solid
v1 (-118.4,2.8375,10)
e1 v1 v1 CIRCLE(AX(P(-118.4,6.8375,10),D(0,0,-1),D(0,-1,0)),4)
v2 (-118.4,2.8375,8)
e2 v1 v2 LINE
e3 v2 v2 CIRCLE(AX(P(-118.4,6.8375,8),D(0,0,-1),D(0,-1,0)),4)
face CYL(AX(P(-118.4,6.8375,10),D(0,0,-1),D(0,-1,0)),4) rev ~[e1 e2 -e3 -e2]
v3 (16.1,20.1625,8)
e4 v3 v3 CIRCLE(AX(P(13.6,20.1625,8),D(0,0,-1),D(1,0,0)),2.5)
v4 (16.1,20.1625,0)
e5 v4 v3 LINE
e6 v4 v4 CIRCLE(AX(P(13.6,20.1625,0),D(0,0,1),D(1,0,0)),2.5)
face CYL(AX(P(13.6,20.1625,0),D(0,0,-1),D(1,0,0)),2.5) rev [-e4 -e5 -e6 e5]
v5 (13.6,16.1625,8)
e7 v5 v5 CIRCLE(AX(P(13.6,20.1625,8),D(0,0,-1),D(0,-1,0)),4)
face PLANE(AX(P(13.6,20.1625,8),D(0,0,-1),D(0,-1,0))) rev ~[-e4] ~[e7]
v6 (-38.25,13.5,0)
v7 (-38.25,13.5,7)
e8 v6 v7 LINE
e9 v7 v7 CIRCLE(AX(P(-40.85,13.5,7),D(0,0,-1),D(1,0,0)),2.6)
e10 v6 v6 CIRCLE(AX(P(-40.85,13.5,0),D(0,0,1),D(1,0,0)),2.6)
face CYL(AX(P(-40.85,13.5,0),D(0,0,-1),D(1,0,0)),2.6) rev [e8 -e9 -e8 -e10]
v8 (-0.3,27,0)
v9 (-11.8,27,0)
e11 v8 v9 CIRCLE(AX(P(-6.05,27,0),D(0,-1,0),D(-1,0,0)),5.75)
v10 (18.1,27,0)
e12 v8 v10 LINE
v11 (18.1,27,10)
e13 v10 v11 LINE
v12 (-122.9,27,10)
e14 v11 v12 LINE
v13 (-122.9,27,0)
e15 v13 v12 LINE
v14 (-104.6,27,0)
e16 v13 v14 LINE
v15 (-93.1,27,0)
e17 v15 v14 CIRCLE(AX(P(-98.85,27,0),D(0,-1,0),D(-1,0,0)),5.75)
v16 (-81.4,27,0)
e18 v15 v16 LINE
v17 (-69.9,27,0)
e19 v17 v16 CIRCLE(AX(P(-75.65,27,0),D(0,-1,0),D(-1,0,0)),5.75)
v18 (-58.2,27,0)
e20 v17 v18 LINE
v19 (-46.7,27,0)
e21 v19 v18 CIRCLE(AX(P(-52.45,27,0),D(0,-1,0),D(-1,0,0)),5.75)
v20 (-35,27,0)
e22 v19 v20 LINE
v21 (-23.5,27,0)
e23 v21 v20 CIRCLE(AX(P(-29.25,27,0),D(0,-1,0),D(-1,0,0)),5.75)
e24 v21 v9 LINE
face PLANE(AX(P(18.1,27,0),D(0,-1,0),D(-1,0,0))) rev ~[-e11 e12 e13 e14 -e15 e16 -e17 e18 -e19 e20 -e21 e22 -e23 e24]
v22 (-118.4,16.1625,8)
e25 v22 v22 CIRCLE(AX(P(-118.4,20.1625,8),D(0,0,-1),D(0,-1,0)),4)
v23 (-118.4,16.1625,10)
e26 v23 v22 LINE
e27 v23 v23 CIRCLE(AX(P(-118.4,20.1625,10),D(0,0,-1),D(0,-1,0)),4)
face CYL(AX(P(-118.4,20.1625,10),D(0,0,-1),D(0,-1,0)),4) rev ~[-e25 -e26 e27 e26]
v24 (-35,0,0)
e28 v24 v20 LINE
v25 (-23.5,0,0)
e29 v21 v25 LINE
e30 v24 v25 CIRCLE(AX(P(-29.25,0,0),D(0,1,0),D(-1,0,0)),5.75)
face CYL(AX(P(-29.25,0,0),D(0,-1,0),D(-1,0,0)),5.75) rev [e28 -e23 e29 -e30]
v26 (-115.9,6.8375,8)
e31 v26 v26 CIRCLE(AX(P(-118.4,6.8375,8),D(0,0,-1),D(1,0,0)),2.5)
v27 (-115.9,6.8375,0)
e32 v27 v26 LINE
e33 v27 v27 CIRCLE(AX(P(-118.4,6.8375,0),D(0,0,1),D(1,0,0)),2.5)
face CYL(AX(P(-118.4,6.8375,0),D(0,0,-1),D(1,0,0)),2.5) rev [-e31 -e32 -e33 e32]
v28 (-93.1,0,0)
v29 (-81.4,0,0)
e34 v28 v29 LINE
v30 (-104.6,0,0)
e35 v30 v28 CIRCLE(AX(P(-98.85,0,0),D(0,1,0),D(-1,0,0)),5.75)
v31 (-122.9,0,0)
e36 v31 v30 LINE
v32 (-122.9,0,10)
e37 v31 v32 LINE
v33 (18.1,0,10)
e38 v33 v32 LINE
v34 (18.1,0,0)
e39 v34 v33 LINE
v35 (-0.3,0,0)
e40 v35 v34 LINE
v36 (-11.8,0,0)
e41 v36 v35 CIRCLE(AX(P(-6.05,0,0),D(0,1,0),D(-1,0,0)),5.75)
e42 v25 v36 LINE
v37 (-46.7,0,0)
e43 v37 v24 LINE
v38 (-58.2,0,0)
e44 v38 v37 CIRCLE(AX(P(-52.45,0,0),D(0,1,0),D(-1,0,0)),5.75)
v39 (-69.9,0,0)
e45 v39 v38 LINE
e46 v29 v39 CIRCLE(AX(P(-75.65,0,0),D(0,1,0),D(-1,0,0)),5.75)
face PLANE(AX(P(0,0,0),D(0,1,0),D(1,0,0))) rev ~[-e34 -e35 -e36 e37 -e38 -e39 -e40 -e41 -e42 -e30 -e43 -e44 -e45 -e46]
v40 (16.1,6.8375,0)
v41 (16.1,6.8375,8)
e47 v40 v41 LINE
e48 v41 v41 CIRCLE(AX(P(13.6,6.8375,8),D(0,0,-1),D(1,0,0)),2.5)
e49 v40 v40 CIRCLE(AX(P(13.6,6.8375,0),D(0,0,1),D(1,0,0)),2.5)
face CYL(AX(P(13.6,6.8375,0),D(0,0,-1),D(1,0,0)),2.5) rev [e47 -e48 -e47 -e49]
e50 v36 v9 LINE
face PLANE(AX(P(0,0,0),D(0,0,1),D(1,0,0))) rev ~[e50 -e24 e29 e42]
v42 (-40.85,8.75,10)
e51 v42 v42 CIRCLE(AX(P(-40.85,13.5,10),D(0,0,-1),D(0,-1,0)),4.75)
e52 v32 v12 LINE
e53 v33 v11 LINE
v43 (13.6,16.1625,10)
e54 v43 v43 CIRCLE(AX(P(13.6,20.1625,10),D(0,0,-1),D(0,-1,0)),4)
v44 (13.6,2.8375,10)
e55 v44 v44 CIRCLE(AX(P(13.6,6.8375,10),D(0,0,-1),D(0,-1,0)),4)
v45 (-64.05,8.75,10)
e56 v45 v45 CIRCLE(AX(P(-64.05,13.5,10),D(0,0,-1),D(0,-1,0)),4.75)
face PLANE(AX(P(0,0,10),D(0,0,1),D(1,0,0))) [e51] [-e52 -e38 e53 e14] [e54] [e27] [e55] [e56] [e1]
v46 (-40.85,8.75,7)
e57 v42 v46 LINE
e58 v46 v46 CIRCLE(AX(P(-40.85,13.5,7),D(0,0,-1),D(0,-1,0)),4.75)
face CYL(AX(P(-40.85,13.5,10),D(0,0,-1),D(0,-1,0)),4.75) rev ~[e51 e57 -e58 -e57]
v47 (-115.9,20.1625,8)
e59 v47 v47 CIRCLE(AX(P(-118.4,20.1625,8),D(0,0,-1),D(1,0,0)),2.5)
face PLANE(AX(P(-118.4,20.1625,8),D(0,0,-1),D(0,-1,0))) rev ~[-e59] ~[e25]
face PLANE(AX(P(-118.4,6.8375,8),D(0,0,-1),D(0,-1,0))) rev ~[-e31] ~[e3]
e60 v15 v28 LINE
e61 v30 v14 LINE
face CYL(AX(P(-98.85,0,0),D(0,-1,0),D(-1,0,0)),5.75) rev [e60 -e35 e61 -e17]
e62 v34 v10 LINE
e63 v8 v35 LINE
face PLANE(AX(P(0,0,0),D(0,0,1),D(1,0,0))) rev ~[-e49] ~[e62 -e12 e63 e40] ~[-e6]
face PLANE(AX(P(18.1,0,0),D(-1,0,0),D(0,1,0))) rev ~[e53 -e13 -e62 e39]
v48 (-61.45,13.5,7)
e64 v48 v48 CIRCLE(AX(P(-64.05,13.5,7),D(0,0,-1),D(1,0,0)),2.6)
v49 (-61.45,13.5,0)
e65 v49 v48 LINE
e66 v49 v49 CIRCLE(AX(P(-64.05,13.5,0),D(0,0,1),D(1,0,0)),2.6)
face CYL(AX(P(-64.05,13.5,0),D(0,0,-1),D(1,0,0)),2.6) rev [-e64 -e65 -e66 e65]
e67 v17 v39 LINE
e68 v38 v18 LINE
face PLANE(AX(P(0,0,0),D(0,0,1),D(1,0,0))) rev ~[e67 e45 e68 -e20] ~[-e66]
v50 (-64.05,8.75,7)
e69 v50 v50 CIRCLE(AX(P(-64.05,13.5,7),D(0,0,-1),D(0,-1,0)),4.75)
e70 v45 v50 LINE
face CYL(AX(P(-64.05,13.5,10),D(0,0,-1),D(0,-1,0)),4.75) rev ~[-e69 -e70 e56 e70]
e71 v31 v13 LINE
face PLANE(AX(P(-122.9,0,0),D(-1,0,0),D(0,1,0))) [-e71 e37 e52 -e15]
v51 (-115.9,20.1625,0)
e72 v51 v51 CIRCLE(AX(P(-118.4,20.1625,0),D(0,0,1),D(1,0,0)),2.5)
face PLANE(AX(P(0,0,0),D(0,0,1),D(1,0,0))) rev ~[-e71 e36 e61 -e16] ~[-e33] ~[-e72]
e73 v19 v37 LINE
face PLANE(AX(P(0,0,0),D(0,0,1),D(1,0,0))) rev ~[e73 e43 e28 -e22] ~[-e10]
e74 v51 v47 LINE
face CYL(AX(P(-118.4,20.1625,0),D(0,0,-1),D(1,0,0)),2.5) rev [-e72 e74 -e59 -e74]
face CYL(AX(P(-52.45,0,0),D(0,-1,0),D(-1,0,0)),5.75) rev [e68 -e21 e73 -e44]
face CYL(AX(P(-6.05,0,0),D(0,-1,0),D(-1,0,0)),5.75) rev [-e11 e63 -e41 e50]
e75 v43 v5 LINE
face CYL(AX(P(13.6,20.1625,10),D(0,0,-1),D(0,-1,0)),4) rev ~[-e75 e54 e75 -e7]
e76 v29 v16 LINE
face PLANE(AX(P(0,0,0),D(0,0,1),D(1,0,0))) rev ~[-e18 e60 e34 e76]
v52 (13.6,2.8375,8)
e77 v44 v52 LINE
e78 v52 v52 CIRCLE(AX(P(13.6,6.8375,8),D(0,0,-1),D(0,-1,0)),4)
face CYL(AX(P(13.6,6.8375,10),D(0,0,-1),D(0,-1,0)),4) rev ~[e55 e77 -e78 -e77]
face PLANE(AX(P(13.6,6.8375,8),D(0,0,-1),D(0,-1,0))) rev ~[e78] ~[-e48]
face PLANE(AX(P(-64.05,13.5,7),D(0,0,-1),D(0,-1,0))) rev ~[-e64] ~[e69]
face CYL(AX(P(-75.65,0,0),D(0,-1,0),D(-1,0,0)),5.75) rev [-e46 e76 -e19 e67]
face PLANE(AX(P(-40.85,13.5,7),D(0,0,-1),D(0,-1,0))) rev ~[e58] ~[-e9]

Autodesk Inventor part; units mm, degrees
ref_plane "YZ Plane" through (0, 0, 0) normal (1, 0, 0) x (0, 1, 0)
ref_plane "XZ Plane" through (0, 0, 0) normal (0, 1, 0) x (-1, 0, 0)
ref_plane "XY Plane" through (0, 0, 0) normal (0, 0, 1) x (1, 0, 0)
sketch "Sketch1" plane through (0, 0, 0) normal (0, 0, 1) x (1, 0, 0)
  line L0 (18.1, 0) -> (18.1, 27) projected
  line L1 (18.1, 27) -> (-0.25, 27) projected
  line L2 (0, 0) -> (18.1, 0)
  circle A0 centre (13.6, 6.8375) radius 2.5 projected
  circle A1 centre (13.6, 20.1625) radius 2.5 projected
  line L3 (-104.55, 27) -> (-122.9, 27) projected
  line L4 (-122.9, 0) -> (-122.9, 27) projected
  line L5 (-104.55, 0) -> (-122.9, 0) projected
  circle A2 centre (-118.4, 6.8375) radius 2.5 projected
  circle A3 centre (-118.4, 20.1625) radius 2.5 projected
  line L6 (-104.55, 27) -> (-0.25, 27)
  line L7 (-104.55, 0) -> (0, 0)
extrude "Extrusion1" add sketch "Sketch1" along normal blind 10
hole "Hole1" at (13.6, 20.1625, 10) direction (0, 0, -1) diameter 8 depth 2
hole "Hole2" at (13.6, 6.8375, 10) direction (0, 0, -1) diameter 8 depth 2
hole "Hole3" at (-118.4, 20.1625, 10) direction (0, 0, -1) diameter 8 depth 2
hole "Hole4" at (-118.4, 6.8375, 10) direction (0, 0, -1) diameter 8 depth 2
chamfer "Chamfer1" [suppressed]
sketch "Sketch2" plane through (0, 0, 0) normal (0, 1, 0) x (-1, 0, 0)
  line L0 (-18.1, 0) -> (104.6, 0) construction
  circle A0 centre (6.05, 0) radius 5.75
  circle A1 centre (29.25, 0) radius 5.75
  circle A2 centre (52.45, 0) radius 5.75
  circle A3 centre (29.25, 0) radius 5.75
  circle A4 centre (75.65, 0) radius 5.75
  circle A5 centre (98.85, 0) radius 5.75
  line L1 (-18.1, 0) -> (0, 0) construction
  line L2 (122.9, 0) -> (122.9, 10) projected
  line L3 (122.9, 0) -> (122.9, 10) projected
  line L4 (-18.1, 0) -> (-18.1, 10) projected
  line L5 (-18.1, 0) -> (-18.1, 10) projected
  dimension "d49" = 11.5
  dimension "d50" = 23.2
  dimension "d51" = 23.2
  dimension "d52" = 23.2
  dimension "d54" = 23.2
  dimension "d55" = 23.2
extrude "Extrusion2" cut sketch "Sketch2" along normal through all
sketch "Sketch3" plane through (0, 0, 0) normal (0, 0, 1) x (1, 0, 0)
  line L0 (-69.9, 0) -> (-69.9, 27) projected
  line L1 (-58.2, 27) -> (-69.9, 27) projected
  line L2 (-58.2, 27) -> (-58.2, 0) projected
  line L3 (-69.9, 0) -> (-58.2, 0) projected
  line L4 (-35, 27) -> (-35, 0) projected
  line L5 (-46.7, 0) -> (-35, 0) projected
  line L6 (-46.7, 0) -> (-46.7, 27) projected
  line L7 (-35, 27) -> (-46.7, 27) projected
  circle A0 centre (-64.05, 13.5) radius 2.6
  circle A1 centre (-40.85, 13.5) radius 2.6
  line L8 (-69.9, 0) -> (-69.9, 27) projected
  line L9 (-69.9, 13.5) -> (-35, 13.5) construction
  line L10 (-64.05, 0) -> (-64.05, 27) construction
  line L11 (-122.9, 0) -> (18.1, 0) projected
  line L12 (-40.85, 0) -> (-40.85, 27) construction
  point P0 (0, 0)
  point P1 (-40.85, 13.5)
  dimension "d66" = 5.2
extrude "Extrusion3" cut sketch "Sketch3" along normal through all contours A0 | A1
hole "Hole5" at (-40.85, 13.5, 10) direction (0, 0, -1) diameter 9.5 depth 3
hole "Hole6" at (-64.05, 13.5, 10) direction (0, 0, -1) diameter 9.5 depth 3
equation "\"d51\" = d50"
equation "\"d52\" = d50"
equation "\"d54\" = d50"
equation "\"d55\" = d50"
properties part number "cylinder-holder-1" material "Nylon 6/6"
